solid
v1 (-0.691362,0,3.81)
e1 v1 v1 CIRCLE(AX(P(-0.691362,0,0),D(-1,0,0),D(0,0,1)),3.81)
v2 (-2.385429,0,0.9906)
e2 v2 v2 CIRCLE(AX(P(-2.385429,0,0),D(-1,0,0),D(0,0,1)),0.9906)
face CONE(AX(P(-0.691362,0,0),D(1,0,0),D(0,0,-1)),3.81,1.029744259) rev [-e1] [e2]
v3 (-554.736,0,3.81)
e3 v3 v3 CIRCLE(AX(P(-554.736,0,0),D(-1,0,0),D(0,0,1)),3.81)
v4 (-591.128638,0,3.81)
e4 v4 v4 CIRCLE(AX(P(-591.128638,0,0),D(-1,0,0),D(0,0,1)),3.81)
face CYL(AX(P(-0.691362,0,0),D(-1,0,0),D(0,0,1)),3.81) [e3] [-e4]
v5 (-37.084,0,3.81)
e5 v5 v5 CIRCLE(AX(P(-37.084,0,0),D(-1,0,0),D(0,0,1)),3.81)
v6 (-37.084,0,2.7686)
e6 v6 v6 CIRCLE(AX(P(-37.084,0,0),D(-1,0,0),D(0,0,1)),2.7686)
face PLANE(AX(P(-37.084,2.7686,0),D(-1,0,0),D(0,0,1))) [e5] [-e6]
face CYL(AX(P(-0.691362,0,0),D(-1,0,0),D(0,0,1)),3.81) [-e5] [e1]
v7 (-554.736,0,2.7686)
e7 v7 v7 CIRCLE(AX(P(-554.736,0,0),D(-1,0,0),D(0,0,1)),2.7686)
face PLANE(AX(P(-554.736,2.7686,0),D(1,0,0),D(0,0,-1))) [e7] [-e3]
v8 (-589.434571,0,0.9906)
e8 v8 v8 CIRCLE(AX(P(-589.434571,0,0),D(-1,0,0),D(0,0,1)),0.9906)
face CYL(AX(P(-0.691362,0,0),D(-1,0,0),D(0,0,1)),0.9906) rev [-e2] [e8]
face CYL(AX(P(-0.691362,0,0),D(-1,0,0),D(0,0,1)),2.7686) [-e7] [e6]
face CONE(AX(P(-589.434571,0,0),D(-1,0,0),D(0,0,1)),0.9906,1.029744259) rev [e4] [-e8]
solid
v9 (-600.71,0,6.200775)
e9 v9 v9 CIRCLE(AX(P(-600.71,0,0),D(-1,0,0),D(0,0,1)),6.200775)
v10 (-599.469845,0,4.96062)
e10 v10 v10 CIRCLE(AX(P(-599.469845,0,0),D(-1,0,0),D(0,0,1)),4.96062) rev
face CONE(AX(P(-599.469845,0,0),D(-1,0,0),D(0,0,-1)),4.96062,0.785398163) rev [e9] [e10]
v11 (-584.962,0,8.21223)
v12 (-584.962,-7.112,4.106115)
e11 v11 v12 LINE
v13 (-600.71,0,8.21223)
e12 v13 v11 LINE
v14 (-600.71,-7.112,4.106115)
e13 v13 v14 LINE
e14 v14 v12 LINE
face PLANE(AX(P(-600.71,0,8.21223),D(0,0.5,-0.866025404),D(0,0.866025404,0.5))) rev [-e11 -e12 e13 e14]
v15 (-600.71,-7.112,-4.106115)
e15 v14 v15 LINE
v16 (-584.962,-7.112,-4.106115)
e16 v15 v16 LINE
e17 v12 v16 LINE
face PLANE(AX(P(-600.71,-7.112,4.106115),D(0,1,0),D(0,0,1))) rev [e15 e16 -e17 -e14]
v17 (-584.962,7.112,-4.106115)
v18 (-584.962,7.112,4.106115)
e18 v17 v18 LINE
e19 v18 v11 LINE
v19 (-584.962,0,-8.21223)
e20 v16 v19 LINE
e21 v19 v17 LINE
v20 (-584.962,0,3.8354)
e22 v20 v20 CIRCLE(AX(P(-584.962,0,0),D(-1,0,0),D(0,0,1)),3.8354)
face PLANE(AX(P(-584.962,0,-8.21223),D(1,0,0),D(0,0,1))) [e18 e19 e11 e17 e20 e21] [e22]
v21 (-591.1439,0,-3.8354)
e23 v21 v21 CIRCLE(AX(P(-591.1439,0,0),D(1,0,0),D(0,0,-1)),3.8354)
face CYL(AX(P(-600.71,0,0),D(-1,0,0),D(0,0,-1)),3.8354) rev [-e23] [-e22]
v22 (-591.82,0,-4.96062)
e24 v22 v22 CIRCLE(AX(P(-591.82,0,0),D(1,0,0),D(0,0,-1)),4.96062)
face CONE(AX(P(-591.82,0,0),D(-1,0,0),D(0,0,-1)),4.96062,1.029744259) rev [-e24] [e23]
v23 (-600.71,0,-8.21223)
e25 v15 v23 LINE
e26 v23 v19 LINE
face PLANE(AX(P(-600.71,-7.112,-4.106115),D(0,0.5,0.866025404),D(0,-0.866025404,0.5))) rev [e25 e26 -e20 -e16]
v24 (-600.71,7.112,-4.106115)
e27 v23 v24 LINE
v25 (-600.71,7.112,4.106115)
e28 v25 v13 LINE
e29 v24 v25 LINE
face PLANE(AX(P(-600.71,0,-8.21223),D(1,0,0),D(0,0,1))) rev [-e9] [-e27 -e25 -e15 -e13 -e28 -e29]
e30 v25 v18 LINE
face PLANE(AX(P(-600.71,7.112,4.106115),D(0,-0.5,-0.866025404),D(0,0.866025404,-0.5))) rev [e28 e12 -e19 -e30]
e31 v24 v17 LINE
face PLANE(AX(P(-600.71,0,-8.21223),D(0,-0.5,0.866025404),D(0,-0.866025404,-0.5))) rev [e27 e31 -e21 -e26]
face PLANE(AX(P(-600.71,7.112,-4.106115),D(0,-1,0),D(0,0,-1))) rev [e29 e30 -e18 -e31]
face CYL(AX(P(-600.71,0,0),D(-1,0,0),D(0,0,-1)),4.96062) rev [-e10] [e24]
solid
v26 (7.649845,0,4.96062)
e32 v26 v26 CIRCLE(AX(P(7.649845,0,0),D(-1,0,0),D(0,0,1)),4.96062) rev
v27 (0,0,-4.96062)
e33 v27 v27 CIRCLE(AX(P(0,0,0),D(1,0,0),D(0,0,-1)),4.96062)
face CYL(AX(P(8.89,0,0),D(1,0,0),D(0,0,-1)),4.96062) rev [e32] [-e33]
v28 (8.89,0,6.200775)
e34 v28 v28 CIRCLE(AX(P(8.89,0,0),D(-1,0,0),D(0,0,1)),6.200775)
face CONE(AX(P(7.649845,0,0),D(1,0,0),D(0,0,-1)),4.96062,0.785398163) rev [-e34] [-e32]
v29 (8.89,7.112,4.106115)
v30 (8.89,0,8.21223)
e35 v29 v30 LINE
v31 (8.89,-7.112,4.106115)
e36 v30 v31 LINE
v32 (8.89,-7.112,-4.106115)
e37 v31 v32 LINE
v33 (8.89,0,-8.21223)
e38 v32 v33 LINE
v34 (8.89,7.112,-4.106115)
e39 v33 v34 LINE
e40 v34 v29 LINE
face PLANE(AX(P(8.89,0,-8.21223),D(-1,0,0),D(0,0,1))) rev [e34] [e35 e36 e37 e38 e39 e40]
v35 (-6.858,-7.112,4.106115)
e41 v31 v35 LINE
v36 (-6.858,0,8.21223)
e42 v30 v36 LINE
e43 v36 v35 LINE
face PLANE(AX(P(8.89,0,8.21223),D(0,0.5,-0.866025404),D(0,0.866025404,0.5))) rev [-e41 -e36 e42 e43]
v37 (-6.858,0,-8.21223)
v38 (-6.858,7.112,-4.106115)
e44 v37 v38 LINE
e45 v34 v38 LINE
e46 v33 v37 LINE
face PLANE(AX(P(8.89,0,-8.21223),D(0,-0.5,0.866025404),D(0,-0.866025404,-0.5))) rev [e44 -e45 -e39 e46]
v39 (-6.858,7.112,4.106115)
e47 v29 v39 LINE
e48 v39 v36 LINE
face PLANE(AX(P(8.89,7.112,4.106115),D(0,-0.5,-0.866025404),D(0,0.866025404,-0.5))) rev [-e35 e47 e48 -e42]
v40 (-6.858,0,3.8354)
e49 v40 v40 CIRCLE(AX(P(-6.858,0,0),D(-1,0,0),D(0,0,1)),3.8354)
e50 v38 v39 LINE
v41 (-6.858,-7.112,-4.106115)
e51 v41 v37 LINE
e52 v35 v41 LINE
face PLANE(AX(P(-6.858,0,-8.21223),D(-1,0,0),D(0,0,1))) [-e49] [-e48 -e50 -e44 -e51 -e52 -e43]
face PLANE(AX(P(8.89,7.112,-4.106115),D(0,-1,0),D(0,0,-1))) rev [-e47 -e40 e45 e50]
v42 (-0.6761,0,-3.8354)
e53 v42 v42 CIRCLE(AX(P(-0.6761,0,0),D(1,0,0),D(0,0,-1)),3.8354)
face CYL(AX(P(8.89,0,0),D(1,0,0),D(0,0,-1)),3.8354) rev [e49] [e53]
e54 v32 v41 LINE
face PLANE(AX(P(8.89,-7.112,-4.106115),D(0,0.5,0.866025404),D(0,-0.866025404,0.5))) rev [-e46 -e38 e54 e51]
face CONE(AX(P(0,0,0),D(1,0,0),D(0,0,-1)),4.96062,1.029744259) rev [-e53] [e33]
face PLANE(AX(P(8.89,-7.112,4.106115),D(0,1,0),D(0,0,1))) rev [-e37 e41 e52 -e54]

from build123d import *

# Parameters (mm, degrees)
EXTRUDE2_DEPTH = 15.748
CHAMFER2_SIZE  = 1.240155


with BuildPart() as part:
    # Sketch5 → Extrude2 (new body)
    with BuildSketch(Plane(origin=(-6.858, 0, 0), x_dir=(0, 0, -1), z_dir=(1, 0, 0))):
        Polygon((4.106115114, 7.112), (-4.106115114, 7.112), (-8.212230229, 0), (-4.106115114, -7.112), (4.106115114, -7.112), (8.212230229, 0), align=None)
    extrude(amount=EXTRUDE2_DEPTH)

    # Sketch6 → Hole2 (revolve, cut)
    with BuildSketch(Plane(origin=(8.89, 0, 0), x_dir=(0, 0, -1), z_dir=(0, 1, 0))):
        Polygon((0, 0), (0, 15.748), (3.8354, 15.748), (3.8354, 9.566100386), (4.96062, 8.89), (4.96062, 0), align=None)
    revolve(axis=Axis((15.020023899, 0, 0), (-1, 0, 0)), mode=Mode.SUBTRACT)

    # Chamfer2
    chamfer2_edges = [part.edges().sort_by_distance(p)[0] for p in [
        (8.89, 0, 4.96062),
    ]]
    chamfer(chamfer2_edges, length=CHAMFER2_SIZE)


with BuildPart() as body_2:
    # Sketch8 → Revolve2 (revolve)
    with BuildSketch(Plane(origin=(0, 0, 0), x_dir=(-1, 0, 0), z_dir=(0, 0, -1)), mode=Mode.PRIVATE) as revolve2_sk:
        Polygon((0.691362245, 3.81), (2.385428675, 0.9906), (589.434571325, 0.9906), (591.128637755, 3.81), (554.736, 3.81), (554.736, 2.7686), (37.084, 2.7686), (37.084, 3.81), align=None)
    revolve(revolve2_sk.sketch.rotate(Axis((-0.691362245, 0, 0), (-1, 0, 0)), 270), axis=Axis((-0.691362245, 0, 0), (-1, 0, 0)))  # turned: the seam where the file's is


with BuildPart() as body_3:
    # Mirror2: mirrored copy
    add(part.part.mirror(Plane(origin=(-295.91, 0, 0), x_dir=(0, 0, 1), z_dir=(1, 0, 0))))


solid = Compound([part.part, body_2.part, body_3.part])
